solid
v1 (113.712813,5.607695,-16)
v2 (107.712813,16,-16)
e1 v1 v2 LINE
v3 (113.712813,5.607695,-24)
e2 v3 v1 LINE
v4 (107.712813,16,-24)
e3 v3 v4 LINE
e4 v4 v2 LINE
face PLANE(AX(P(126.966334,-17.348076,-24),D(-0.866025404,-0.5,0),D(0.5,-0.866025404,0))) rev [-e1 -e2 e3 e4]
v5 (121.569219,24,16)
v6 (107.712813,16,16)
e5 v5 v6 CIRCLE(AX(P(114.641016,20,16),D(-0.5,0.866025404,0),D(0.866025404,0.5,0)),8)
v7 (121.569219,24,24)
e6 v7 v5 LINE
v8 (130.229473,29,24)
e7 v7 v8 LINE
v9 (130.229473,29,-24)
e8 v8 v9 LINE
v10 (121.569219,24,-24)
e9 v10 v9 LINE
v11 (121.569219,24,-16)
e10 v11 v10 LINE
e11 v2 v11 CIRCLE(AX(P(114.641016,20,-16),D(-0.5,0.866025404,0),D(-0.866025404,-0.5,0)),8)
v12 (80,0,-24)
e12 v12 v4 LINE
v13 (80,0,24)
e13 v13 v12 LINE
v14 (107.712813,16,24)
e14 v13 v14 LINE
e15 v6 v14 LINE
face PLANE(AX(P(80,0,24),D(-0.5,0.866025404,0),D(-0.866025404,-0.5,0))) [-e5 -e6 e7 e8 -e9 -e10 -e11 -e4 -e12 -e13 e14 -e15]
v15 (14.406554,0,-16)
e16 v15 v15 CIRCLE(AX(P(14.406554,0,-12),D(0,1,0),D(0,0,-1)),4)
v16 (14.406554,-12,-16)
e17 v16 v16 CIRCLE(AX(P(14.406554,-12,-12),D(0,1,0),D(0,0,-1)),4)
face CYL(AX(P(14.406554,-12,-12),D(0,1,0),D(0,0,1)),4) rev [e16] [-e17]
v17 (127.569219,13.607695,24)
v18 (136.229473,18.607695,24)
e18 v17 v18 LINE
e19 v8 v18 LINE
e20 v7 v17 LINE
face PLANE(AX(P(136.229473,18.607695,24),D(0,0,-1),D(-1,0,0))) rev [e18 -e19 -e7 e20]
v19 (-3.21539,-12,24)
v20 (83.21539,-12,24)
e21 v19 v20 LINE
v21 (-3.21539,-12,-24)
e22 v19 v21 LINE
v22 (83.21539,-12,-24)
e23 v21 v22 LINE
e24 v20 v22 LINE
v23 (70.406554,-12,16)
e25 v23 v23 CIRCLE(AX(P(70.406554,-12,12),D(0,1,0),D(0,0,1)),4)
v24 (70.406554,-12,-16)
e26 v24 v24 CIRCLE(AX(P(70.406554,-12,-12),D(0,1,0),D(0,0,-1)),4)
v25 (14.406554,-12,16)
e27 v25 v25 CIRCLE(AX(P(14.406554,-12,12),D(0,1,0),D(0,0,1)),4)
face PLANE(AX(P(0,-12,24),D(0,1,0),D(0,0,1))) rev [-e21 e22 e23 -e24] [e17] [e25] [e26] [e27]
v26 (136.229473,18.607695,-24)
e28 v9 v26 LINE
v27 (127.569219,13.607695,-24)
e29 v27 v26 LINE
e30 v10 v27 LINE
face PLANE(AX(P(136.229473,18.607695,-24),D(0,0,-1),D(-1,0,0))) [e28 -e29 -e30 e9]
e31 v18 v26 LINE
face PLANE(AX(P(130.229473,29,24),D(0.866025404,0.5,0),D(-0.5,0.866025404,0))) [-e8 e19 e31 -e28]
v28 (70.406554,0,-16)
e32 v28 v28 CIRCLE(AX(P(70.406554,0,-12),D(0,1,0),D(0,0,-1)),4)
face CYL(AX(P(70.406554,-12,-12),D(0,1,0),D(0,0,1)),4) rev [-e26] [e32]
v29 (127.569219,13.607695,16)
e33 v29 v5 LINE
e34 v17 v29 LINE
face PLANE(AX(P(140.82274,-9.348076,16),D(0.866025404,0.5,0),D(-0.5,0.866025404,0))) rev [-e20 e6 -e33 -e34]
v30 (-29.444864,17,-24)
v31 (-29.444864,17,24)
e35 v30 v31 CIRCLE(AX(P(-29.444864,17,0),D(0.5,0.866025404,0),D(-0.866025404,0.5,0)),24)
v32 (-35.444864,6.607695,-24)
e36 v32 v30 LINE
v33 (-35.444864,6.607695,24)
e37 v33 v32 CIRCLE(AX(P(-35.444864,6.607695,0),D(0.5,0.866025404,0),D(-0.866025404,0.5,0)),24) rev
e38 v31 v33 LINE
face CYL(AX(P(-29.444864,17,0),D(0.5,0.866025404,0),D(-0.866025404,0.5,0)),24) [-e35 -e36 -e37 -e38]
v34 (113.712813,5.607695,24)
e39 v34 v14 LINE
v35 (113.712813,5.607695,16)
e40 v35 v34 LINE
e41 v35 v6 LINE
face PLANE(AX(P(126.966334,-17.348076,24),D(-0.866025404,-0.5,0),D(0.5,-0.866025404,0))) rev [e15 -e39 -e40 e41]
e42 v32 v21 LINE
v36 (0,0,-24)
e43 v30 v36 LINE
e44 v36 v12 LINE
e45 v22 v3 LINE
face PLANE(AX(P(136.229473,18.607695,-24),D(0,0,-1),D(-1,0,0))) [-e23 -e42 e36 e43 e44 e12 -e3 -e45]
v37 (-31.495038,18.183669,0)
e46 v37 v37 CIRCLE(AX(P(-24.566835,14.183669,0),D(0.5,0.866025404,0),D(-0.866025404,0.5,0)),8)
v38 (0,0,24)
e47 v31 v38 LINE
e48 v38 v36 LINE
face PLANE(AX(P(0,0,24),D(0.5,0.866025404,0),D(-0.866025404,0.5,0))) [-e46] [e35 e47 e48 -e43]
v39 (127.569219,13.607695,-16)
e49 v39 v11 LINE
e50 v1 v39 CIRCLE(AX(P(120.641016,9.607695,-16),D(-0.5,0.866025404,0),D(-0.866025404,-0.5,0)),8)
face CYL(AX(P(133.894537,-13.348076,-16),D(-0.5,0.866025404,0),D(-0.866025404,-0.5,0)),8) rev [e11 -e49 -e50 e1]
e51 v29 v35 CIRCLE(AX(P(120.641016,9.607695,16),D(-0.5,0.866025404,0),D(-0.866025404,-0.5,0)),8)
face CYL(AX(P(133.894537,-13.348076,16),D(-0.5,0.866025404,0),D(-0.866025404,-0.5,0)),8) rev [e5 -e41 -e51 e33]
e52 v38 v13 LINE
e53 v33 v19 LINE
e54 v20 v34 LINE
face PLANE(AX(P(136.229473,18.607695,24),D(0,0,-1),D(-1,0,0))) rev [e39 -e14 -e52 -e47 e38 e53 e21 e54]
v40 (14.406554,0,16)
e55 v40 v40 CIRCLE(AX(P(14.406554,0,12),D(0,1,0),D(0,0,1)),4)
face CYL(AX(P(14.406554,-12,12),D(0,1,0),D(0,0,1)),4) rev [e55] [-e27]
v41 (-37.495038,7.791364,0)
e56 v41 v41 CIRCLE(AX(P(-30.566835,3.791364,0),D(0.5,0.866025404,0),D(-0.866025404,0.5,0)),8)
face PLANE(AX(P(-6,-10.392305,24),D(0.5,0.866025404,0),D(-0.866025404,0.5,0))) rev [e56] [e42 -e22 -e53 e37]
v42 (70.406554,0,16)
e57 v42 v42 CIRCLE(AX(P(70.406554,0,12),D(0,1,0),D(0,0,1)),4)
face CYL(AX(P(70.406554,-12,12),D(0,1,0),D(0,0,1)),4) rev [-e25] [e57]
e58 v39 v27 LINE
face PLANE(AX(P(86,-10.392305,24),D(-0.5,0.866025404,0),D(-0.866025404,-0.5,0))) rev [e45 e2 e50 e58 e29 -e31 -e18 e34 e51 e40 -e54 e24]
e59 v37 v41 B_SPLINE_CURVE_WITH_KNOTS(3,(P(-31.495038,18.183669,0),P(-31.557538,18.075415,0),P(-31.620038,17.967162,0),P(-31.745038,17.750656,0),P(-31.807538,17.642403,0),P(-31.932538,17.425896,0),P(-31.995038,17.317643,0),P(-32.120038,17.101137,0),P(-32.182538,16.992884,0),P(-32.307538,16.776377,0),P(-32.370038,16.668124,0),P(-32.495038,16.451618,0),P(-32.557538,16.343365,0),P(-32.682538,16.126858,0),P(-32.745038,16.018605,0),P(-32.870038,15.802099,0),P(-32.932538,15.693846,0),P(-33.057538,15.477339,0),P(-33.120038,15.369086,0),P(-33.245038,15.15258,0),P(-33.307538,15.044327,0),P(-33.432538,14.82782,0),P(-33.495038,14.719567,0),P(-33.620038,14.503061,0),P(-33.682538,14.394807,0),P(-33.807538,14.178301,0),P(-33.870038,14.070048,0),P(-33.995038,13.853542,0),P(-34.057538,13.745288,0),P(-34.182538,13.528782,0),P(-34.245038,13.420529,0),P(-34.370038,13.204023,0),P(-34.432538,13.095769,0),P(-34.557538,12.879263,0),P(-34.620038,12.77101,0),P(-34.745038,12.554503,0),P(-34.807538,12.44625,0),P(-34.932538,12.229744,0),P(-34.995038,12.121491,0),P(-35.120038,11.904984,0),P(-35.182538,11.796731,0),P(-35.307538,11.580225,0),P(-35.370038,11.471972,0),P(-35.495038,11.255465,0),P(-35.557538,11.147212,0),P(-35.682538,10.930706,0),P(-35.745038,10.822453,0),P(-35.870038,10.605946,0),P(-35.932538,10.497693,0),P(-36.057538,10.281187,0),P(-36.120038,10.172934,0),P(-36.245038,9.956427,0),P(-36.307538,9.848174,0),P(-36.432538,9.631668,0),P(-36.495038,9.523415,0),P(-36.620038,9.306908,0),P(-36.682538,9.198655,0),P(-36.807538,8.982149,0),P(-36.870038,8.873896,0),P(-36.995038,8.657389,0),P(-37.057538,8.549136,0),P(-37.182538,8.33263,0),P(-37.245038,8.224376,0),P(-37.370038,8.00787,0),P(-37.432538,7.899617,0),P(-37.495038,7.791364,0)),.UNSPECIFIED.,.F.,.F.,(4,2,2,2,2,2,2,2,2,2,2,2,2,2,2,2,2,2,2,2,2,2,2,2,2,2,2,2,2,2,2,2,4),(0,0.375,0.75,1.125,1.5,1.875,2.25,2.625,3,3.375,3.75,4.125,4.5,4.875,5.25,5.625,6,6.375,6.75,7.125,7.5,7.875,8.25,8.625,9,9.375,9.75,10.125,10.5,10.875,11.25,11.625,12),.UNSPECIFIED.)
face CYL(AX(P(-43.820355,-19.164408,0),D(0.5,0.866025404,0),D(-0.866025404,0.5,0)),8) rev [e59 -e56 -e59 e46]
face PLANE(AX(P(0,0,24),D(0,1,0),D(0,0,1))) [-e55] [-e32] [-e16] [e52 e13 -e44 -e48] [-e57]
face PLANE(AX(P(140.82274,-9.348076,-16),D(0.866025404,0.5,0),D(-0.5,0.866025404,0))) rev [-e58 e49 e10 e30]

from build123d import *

# Parameters (mm, degrees)
EXTRUDE_1_DEPTH     = 24
FILLET_1_RADIUS     = 24
FILLET_1_LENGTH     = 12
SKETCH_3_R          = 8
CUT_EXTRUDE_2_DEPTH = 142.334600959
SKETCH_4_R          = 4
CUT_EXTRUDE_3_DEPTH = 142.334600959
CUT_EXTRUDE_4_DEPTH = 135.667997045


with BuildPart() as part:
    # 草圖1 → 伸長-薄件1 (new, symmetric)
    with BuildSketch(Plane.XY):
        Polygon((130.229473419, 29), (80, 0), (0, 0), (-50.229473419, 29), (-56.229473419, 18.607695155), (-3.215390309, -12), (83.215390309, -12), (136.229473419, 18.607695155), align=None)
    extrude(amount=EXTRUDE_1_DEPTH, both=True)

    # 圓角1: full round fillet: the end face becomes a half cylinder, R = half its width
    fillet_1_face = Plane((-53.229473419, 23.803847577, 0), x_dir=(0.5, 0.866025403784, 0), z_dir=(-0.866025403784, 0.5, 0))  # on the end face: x along it, z out of the body
    fillet_1_slab = fillet_1_face.offset(-FILLET_1_RADIUS / 2) * Box(FILLET_1_LENGTH, 2 * FILLET_1_RADIUS, FILLET_1_RADIUS, mode=Mode.PRIVATE)  # the body's end, R deep
    fillet_1_round = Plane((-32.444863728, 11.803847577, 0), x_dir=(-0.866025403784, 0.5, 0), z_dir=(0.5, 0.866025403784, 0)) * Cylinder(FILLET_1_RADIUS, FILLET_1_LENGTH, mode=Mode.PRIVATE)  # its axis R under the face
    add(fillet_1_slab - fillet_1_round, mode=Mode.SUBTRACT)

    # 草圖3 → 除料-伸長2 (cut, through all)
    with BuildSketch(Plane(origin=(0, 0, 0), x_dir=(0.8660254037844416, -0.49999999999999484, 0), z_dir=(0.49999999999999484, 0.8660254037844416, 0))):
        with Locations(Location((-28.36733721, 0, 0), (0, 0, 180))):
            Circle(SKETCH_3_R)
    extrude(amount=-CUT_EXTRUDE_2_DEPTH, mode=Mode.SUBTRACT)

    # 草圖4 → 除料-伸長3 (cut, through all)
    with BuildSketch(Plane(origin=(0, 0, 0), x_dir=(1, 0, 0), z_dir=(0, 1, 0))):
        with Locations(Location((14.406554247, -12, 0), (0, 0, 270))):
            Circle(SKETCH_4_R)
        with Locations(Location((70.406554247, -12, 0), (0, 0, 270))):
            Circle(SKETCH_4_R)
        with Locations(Location((70.406554247, 12, 0), (0, 0, 90))):
            Circle(SKETCH_4_R)
        with Locations(Location((14.406554247, 12, 0), (0, 0, 90))):
            Circle(SKETCH_4_R)
    extrude(amount=-CUT_EXTRUDE_3_DEPTH, mode=Mode.SUBTRACT)

    # 草圖5 → 除料-伸長4 (cut, through all)
    with BuildSketch(Plane(origin=(20, -34.641016151, 0), x_dir=(0.866025403784438, 0.500000000000001, 0), z_dir=(-0.500000000000001, 0.866025403784438, 0))):
        with BuildLine():
            Line((101.282032303, -24), (101.282032303, -16))
            ThreePointArc((101.282032303, -16), (109.282032303, -8), (117.282032303, -16))
            Line((117.282032303, -16), (117.282032303, -24))
            Line((117.282032303, -24), (101.282032303, -24))
        make_face()
        with BuildLine():
            Line((117.282032303, 24), (101.282032303, 24))
            Line((101.282032303, 24), (101.282032303, 16))
            ThreePointArc((101.282032303, 16), (109.282032303, 8), (117.282032303, 16))
            Line((117.282032303, 16), (117.282032303, 24))
        make_face()
    extrude(amount=-CUT_EXTRUDE_4_DEPTH, mode=Mode.SUBTRACT)


solid = part.part
